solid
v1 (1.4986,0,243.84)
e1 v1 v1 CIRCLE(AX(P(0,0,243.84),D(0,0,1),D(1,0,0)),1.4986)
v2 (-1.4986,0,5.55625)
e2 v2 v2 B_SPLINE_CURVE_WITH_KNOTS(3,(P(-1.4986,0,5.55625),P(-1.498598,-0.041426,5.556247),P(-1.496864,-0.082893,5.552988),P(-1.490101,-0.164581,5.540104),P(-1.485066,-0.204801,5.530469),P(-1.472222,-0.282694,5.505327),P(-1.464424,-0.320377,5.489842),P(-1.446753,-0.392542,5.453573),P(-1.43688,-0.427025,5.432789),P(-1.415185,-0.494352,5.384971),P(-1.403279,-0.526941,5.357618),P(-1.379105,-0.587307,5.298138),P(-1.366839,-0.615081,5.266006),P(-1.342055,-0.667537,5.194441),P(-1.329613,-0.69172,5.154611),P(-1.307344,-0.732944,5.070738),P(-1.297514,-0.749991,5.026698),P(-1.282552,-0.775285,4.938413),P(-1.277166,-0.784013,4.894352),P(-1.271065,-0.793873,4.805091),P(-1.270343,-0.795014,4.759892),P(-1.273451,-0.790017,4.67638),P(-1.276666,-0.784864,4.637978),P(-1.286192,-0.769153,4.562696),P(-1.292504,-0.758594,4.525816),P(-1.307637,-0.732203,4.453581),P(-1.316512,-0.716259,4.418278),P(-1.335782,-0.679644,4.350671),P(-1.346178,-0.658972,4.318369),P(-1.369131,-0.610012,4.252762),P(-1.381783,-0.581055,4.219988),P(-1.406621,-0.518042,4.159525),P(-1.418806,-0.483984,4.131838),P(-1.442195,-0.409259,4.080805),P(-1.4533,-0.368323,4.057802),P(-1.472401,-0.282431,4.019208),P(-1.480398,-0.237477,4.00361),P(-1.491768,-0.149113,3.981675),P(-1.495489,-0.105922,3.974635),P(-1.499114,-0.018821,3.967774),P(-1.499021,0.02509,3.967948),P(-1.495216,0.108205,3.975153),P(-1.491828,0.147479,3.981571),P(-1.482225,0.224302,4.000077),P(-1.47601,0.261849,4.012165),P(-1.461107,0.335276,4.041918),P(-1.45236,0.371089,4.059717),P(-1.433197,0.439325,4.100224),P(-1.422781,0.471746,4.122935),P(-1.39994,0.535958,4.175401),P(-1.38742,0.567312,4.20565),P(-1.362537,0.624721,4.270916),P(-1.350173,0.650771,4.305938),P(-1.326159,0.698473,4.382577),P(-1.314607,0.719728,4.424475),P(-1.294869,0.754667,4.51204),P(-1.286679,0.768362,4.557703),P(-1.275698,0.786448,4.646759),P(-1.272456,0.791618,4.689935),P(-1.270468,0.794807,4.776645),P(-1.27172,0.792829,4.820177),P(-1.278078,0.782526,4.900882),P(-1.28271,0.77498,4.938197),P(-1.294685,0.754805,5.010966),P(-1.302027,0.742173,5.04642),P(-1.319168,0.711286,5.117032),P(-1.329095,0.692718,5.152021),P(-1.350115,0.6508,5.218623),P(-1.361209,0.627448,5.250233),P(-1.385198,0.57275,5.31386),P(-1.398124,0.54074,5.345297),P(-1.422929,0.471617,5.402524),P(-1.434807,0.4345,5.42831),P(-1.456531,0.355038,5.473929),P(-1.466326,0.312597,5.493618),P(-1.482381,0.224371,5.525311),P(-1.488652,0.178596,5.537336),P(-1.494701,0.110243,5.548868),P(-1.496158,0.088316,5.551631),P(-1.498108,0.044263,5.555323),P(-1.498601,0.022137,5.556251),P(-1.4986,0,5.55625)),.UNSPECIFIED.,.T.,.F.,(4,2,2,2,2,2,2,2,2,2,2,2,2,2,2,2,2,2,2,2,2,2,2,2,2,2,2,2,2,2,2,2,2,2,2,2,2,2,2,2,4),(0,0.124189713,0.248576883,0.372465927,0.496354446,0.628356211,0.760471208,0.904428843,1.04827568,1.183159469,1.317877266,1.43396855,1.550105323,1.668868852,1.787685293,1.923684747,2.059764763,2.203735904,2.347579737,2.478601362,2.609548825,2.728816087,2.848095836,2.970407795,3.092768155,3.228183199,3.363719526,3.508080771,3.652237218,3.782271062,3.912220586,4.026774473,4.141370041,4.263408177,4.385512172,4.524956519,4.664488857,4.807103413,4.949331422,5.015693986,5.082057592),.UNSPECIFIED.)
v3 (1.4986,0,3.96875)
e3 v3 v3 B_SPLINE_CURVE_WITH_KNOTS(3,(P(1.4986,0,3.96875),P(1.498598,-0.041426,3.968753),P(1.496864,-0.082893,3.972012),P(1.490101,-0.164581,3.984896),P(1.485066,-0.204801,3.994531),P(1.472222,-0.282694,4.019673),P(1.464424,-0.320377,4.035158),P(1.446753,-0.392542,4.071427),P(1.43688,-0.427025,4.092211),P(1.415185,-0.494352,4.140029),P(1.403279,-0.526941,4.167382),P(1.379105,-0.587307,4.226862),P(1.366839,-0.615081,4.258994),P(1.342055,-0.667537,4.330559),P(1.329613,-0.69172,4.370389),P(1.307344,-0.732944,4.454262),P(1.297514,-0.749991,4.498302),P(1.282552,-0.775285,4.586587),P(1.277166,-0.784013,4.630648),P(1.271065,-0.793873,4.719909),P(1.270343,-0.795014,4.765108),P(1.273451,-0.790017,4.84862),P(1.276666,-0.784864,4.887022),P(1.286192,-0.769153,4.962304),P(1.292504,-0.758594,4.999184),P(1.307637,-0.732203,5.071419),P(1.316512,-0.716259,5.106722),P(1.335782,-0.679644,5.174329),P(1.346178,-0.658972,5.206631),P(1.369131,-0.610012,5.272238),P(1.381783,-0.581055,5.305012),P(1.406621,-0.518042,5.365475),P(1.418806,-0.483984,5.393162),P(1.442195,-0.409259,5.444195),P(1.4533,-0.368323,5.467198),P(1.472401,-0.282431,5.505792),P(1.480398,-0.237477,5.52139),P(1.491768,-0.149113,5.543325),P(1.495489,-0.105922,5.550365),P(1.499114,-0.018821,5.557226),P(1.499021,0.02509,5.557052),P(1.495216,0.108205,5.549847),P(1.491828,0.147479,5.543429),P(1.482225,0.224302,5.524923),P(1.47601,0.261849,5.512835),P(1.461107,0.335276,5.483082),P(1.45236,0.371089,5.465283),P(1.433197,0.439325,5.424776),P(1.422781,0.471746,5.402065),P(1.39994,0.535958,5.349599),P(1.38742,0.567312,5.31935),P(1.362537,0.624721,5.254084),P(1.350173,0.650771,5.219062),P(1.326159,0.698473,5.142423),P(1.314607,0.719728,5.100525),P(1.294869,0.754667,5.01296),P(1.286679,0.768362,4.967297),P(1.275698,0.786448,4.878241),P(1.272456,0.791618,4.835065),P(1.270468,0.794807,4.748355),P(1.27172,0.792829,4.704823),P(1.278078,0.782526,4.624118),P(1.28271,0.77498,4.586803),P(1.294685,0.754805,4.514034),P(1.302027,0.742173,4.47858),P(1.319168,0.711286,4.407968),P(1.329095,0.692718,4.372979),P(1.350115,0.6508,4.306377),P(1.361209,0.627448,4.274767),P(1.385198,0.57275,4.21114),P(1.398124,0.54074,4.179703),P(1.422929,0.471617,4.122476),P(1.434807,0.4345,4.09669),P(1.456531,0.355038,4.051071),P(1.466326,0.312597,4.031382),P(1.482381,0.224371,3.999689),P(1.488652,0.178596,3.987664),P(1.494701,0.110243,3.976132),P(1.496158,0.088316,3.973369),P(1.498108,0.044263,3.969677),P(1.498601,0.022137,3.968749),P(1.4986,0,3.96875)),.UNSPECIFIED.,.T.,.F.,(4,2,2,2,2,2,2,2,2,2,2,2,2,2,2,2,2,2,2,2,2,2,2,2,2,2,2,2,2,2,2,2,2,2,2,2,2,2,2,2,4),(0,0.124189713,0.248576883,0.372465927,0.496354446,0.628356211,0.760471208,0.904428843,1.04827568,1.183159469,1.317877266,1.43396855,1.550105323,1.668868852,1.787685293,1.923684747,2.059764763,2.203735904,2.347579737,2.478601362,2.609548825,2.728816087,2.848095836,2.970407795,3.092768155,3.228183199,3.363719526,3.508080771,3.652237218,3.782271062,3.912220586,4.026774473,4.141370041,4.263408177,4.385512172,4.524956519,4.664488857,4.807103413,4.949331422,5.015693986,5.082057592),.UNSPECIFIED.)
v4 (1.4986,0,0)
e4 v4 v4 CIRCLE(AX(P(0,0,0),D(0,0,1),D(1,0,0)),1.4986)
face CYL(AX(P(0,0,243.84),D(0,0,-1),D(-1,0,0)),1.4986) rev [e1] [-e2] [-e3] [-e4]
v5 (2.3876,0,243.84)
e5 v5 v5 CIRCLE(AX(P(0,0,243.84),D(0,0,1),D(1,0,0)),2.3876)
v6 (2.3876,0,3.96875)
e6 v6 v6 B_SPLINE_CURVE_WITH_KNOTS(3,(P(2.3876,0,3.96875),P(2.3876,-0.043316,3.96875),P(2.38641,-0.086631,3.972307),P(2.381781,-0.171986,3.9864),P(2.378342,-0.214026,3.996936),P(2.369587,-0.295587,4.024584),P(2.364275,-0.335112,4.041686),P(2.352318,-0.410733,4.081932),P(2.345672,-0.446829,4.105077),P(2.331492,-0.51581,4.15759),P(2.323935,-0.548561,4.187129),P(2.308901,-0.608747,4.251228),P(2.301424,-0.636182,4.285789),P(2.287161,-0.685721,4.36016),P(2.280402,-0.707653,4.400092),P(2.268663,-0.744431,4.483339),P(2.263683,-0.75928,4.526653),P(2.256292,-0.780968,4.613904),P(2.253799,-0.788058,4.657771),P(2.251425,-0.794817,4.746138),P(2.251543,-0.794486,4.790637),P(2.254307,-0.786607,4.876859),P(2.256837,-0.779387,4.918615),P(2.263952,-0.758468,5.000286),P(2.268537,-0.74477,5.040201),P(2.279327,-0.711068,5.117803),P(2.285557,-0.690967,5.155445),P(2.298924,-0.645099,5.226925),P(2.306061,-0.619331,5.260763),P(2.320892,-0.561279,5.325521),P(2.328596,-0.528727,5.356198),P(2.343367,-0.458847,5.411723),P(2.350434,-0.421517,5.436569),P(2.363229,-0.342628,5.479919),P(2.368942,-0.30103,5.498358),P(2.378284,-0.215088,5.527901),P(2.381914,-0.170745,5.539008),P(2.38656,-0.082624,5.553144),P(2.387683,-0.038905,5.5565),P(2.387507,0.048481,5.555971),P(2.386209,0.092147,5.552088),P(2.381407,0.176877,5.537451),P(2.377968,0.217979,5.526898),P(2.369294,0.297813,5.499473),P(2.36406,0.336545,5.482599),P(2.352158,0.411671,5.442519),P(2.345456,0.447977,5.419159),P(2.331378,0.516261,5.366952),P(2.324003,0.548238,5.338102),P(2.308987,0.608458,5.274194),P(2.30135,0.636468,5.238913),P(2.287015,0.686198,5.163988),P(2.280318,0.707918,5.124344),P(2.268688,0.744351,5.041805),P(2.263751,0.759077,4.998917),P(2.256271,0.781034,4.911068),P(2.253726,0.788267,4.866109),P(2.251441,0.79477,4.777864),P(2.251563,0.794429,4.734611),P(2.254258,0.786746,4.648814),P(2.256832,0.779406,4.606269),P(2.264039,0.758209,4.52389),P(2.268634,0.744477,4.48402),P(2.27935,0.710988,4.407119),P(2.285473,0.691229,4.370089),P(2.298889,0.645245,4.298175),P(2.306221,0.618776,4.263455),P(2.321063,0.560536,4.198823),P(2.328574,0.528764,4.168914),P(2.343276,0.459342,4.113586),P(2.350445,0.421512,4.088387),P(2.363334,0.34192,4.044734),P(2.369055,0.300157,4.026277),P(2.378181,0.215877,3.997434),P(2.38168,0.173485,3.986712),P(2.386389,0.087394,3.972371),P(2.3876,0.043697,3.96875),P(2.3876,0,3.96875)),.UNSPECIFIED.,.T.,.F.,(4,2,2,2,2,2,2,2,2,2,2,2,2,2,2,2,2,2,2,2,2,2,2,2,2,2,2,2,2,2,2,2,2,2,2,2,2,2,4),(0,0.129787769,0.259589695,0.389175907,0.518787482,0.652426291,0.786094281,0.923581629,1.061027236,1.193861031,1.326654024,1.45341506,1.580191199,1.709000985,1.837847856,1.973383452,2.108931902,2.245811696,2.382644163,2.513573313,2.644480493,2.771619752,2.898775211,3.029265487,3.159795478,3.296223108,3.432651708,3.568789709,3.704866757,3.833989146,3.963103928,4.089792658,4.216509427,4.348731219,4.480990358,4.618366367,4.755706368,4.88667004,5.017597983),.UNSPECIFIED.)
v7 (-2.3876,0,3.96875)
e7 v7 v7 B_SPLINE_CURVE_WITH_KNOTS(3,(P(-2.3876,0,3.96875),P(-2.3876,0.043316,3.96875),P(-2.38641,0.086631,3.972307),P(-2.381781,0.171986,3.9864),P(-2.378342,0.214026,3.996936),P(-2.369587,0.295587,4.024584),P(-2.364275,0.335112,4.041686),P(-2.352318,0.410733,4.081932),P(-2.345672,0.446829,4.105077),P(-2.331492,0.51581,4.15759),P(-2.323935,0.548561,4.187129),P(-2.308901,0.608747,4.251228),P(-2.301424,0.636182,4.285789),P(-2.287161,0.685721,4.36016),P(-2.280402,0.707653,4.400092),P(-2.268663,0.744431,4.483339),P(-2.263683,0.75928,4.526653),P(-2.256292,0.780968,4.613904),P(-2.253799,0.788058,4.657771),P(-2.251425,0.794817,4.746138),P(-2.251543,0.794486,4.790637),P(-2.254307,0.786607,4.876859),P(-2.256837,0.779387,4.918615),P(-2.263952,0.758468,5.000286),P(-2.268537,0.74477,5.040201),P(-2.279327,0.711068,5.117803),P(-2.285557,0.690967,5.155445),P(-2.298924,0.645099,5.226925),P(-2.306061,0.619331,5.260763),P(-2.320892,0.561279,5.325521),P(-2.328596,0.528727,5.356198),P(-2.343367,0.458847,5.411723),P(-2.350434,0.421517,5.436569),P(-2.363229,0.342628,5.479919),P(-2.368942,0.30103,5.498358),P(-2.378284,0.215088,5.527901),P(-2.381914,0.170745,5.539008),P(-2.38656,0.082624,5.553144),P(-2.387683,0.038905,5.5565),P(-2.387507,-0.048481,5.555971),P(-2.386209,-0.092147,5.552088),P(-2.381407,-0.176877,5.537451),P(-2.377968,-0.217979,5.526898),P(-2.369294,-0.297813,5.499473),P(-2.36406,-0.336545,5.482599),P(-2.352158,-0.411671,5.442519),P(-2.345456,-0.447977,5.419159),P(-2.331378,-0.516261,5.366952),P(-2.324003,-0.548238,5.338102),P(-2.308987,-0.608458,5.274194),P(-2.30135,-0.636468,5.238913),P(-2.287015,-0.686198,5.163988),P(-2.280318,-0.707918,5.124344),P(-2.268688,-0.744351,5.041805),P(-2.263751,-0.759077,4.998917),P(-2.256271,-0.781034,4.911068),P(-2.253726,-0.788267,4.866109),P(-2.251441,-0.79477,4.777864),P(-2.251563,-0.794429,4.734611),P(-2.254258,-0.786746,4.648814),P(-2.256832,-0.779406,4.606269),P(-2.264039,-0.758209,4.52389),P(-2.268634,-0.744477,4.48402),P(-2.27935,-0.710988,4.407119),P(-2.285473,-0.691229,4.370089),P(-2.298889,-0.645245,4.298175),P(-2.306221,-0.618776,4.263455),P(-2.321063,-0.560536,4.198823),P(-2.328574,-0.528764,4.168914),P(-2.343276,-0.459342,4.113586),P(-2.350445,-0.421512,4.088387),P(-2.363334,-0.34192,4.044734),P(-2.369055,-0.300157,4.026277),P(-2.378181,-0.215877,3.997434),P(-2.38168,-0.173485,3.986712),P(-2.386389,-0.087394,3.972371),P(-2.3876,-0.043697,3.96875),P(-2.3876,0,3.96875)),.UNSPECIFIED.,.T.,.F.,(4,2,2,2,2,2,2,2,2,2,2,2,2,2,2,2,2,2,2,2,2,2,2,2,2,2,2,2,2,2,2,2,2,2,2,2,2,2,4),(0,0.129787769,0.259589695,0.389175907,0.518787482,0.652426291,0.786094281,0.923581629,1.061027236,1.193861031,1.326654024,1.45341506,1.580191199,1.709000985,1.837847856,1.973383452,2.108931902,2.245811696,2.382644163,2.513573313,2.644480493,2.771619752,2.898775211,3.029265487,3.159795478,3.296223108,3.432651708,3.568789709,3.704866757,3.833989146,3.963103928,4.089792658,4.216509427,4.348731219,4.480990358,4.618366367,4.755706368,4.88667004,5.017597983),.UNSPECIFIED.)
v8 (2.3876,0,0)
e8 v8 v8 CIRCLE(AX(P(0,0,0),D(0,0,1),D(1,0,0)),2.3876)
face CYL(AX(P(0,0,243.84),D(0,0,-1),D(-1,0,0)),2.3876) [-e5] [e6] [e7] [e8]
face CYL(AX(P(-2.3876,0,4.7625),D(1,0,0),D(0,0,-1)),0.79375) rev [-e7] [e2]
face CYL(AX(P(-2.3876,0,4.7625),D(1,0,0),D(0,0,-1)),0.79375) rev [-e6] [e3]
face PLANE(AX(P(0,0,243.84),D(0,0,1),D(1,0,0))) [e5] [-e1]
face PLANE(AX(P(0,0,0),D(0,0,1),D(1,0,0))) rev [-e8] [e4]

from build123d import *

# Parameters (mm, degrees)
SKETCH1_R               = 2.3876
SKETCH1_R_2             = 1.4986
BOSS_EXTRUDE1_DEPTH     = 243.84
CUT_EXTRUDE1_DEPTH      = 244.863377463
CUT_EXTRUDE1_DEPTH_BACK = 244.863377463
SKETCH2_R               = 0.79375


with BuildPart() as part:
    # Sketch1 → Boss-Extrude1 (new body)
    with BuildSketch(Plane.XY):
        with Locations(Location((0, 0, 0), (0, 0, 180))):
            Circle(SKETCH1_R)
        with Locations(Location((0, 0, 0), (0, 0, 180))):
            Circle(SKETCH1_R_2, mode=Mode.SUBTRACT)
    extrude(amount=BOSS_EXTRUDE1_DEPTH)

    # Sketch2 → Cut-Extrude1 (cut, two sides: drawn at the far end of the back side and taken through both)
    with BuildSketch(Plane(origin=(0, 0, 0), x_dir=(0, 0, -1), z_dir=(1, 0, 0)).offset(-CUT_EXTRUDE1_DEPTH_BACK)):
        with Locations((-4.7625, 0)):
            Circle(SKETCH2_R)
    extrude(amount=CUT_EXTRUDE1_DEPTH + CUT_EXTRUDE1_DEPTH_BACK, mode=Mode.SUBTRACT)


solid = part.part
